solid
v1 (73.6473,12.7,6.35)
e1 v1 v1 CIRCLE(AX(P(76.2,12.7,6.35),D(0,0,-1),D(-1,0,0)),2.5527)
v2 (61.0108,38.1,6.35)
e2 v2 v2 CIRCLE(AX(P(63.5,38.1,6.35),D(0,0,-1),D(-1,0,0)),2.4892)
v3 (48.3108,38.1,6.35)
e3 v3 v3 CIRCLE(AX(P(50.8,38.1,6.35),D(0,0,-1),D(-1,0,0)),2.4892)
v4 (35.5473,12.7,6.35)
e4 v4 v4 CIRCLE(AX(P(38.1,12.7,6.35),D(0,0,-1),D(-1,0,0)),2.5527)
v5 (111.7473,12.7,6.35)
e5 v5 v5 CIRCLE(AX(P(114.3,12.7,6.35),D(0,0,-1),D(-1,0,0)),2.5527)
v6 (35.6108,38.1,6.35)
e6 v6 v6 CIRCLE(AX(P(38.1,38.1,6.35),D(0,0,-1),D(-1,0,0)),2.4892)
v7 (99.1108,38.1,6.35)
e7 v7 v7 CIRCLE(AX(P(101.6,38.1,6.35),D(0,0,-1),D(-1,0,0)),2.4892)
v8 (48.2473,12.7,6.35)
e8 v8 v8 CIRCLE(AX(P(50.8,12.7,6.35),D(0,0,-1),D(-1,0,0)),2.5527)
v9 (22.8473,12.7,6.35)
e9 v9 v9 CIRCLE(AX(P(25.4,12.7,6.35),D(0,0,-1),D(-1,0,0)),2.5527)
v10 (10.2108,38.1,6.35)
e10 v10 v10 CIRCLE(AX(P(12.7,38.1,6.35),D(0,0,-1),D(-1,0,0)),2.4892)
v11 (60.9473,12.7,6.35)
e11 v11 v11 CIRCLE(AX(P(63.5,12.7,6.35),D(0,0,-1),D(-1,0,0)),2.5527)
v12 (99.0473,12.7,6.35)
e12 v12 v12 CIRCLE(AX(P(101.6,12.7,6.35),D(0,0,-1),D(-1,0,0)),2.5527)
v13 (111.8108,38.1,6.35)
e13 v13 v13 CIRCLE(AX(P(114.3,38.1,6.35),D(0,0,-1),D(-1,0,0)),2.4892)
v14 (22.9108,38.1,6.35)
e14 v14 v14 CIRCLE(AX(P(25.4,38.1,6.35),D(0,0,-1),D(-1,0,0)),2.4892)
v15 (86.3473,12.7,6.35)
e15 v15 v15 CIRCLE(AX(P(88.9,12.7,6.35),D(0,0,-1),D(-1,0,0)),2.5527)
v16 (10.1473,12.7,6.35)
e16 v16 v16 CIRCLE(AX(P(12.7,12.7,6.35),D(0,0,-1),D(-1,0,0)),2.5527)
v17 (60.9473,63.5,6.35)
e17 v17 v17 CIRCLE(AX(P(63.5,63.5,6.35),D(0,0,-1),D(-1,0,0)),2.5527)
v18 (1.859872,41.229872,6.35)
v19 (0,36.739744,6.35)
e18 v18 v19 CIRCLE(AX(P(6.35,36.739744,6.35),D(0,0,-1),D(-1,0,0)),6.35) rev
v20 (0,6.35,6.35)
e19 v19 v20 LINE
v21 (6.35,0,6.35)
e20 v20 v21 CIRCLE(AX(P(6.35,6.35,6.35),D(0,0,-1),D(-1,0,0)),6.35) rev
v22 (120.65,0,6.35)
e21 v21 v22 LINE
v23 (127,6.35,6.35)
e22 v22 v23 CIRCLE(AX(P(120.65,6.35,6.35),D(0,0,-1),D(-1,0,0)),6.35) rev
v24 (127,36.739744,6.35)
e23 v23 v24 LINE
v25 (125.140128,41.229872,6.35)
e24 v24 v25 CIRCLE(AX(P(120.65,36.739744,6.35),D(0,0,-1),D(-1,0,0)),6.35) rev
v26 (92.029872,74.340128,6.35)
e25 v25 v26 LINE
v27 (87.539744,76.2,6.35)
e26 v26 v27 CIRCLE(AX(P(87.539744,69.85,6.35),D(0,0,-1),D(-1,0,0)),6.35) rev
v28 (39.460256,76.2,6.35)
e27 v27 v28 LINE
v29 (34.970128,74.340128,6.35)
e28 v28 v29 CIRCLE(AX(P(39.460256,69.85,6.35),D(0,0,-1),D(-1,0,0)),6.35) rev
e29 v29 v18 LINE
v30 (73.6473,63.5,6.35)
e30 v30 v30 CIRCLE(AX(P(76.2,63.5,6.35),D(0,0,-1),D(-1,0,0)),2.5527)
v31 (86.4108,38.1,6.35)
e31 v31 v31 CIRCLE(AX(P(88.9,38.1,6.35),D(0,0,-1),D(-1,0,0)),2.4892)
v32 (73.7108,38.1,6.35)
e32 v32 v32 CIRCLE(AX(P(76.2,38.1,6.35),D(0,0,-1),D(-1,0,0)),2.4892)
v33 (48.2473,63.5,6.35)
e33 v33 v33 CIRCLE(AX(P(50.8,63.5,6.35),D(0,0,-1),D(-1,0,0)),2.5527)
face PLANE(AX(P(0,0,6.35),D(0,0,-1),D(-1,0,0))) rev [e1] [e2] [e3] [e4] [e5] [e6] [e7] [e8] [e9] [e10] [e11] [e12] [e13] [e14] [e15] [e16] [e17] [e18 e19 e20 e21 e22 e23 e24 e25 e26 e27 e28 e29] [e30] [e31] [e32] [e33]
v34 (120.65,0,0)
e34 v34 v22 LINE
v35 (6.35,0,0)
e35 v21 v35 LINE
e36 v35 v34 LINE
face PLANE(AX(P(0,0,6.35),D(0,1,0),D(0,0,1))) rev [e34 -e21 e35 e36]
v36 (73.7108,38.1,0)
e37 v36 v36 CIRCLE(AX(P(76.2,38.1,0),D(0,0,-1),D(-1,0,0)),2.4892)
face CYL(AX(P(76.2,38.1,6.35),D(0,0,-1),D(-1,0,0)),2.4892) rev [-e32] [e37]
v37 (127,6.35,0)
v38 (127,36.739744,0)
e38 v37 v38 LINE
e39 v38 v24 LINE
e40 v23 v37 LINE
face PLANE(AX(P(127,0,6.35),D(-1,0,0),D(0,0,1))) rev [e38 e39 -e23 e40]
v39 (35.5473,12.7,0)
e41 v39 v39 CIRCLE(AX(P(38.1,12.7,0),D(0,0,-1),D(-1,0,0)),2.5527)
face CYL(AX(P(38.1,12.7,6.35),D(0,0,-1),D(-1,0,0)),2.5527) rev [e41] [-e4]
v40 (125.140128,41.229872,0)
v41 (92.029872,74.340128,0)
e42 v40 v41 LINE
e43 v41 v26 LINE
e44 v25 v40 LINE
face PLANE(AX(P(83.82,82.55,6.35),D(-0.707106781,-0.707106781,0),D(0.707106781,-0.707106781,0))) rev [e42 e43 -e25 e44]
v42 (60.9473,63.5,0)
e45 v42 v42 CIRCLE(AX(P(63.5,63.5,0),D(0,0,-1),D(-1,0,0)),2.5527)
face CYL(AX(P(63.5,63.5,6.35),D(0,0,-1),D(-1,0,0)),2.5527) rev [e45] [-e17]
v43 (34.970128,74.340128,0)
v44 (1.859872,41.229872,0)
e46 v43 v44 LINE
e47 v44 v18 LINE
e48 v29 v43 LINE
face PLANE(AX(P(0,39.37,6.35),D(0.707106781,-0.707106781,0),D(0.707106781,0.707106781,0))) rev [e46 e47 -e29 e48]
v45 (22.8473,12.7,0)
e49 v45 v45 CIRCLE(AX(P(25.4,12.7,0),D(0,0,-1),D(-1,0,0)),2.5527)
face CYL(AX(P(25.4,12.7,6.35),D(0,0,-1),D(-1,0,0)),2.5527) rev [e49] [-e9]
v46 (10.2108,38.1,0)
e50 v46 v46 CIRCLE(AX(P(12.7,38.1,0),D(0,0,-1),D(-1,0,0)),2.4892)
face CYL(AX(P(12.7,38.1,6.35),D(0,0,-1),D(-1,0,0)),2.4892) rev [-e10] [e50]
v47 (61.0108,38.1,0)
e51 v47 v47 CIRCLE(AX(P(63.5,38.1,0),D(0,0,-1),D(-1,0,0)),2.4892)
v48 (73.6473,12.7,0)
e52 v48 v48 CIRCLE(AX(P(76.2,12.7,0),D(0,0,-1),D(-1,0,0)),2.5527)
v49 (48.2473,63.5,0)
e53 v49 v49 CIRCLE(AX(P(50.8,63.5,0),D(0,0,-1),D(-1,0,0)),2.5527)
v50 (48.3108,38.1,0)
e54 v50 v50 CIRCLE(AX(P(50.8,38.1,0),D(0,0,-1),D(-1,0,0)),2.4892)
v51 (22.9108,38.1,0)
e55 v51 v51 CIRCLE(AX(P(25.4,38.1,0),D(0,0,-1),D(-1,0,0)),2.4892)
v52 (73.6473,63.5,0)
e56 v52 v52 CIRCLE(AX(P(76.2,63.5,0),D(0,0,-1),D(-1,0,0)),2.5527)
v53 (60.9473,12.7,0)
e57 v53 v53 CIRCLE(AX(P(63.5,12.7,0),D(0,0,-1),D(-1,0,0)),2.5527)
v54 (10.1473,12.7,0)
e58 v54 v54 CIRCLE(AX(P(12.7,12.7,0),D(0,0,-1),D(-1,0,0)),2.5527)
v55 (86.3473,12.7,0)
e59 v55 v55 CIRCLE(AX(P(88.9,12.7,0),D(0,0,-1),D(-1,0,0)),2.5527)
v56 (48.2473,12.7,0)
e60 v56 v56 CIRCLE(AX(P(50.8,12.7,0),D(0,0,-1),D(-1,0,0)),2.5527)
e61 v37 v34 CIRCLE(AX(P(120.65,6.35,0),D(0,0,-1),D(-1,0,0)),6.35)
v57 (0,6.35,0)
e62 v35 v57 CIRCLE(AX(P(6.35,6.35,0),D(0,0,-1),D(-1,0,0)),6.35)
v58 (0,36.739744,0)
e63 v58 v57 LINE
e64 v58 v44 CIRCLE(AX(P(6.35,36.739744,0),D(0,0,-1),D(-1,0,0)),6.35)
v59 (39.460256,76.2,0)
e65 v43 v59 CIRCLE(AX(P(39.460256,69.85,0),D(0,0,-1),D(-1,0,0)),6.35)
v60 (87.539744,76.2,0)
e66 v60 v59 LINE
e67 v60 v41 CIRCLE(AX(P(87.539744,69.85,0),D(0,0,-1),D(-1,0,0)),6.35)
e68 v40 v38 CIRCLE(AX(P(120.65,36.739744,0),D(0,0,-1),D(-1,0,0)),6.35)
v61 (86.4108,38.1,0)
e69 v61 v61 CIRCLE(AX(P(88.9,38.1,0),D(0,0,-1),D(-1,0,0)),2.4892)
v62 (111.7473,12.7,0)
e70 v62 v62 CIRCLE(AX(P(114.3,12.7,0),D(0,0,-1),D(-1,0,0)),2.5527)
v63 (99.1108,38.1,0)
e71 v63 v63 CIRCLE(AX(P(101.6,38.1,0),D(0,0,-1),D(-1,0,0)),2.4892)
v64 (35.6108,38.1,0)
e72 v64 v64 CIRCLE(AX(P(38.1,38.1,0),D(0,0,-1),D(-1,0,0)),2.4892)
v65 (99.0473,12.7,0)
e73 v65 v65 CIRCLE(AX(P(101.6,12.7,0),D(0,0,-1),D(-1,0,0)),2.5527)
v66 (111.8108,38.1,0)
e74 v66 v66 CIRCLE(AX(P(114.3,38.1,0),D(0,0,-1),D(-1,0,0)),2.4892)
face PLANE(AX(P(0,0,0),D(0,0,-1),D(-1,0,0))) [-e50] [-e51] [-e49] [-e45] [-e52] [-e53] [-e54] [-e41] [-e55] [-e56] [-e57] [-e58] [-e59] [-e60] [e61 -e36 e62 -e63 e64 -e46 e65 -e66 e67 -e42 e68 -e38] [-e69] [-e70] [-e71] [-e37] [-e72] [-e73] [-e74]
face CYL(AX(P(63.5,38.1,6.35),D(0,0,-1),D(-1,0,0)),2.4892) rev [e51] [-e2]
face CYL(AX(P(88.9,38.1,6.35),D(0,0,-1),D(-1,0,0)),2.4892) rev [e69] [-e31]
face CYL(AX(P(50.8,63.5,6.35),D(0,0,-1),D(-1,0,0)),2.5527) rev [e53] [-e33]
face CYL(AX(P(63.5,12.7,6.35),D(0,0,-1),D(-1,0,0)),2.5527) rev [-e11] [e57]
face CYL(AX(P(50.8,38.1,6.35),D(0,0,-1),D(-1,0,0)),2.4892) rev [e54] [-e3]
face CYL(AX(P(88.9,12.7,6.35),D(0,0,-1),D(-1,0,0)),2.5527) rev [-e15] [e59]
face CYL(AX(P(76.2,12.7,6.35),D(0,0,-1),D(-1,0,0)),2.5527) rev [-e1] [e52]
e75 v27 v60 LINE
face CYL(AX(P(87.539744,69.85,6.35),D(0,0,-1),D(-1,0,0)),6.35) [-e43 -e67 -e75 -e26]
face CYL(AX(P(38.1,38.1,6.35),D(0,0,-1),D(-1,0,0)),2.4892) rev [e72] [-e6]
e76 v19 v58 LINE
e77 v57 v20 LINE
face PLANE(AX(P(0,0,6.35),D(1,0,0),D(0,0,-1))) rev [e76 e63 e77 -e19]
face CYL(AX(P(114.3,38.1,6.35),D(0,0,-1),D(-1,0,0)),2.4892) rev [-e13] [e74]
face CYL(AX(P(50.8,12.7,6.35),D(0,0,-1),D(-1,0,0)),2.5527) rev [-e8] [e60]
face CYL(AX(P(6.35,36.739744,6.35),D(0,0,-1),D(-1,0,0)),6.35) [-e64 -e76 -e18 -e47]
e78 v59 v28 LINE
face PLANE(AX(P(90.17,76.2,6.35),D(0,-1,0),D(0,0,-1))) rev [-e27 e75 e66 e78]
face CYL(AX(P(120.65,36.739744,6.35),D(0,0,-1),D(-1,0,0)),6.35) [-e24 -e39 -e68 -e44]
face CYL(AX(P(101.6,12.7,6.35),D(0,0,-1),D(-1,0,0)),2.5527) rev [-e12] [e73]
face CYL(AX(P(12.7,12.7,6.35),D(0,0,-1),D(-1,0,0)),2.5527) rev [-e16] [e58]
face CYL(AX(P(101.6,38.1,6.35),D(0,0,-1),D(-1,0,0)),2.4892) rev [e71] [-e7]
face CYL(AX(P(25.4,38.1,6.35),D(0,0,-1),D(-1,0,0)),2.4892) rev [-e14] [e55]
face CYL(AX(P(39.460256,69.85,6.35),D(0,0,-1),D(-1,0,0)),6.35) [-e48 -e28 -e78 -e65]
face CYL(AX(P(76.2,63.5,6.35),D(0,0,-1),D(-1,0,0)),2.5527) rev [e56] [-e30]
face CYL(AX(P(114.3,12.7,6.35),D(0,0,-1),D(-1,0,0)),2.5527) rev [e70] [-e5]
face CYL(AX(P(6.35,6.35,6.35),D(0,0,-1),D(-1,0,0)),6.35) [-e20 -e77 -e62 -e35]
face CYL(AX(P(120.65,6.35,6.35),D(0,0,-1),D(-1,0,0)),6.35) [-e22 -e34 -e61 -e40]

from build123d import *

# Parameters (mm, degrees)
SKETCH1_W               = 127
SKETCH1_H               = 82.55
BOSS_EXTRUDE1_DEPTH     = 6.35
SKETCH2_R               = 2.5527
CUT_EXTRUDE1_DEPTH      = 1
CUT_EXTRUDE1_DEPTH_BACK = 7.35
SKETCH3_R               = 2.4892
SKETCH3_R_2             = 2.5527
CUT_EXTRUDE2_DEPTH      = 7.35
CUT_EXTRUDE3_DEPTH      = 7.35
CUT_EXTRUDE4_DEPTH      = 7.35
FILLET1_R               = 6.35


with BuildPart() as part:
    # Sketch1 → Boss-Extrude1 (new body)
    with BuildSketch(Plane.XY):
        with Locations((63.5, 41.275)):
            Rectangle(SKETCH1_W, SKETCH1_H)
    extrude(amount=BOSS_EXTRUDE1_DEPTH)

    # Sketch2 → Cut-Extrude1 (cut, two sides)
    with BuildSketch(Plane(origin=(0, 0, 0), x_dir=(-1, 0, 0), z_dir=(0, 0, -1))) as cut_extrude1_sk:
        with Locations((-76.2, 63.5)):
            Circle(SKETCH2_R)
        with Locations((-63.5, 63.5)):
            Circle(SKETCH2_R)
        with Locations((-50.8, 63.5)):
            Circle(SKETCH2_R)
    extrude(amount=CUT_EXTRUDE1_DEPTH, mode=Mode.SUBTRACT)
    extrude(cut_extrude1_sk.sketch, amount=-CUT_EXTRUDE1_DEPTH_BACK, mode=Mode.SUBTRACT)

    # Sketch3 → Cut-Extrude2 (cut, through all)
    with BuildSketch(Plane(origin=(0, 0, 0), x_dir=(-1, 0, 0), z_dir=(0, 0, -1))):
        with Locations((-114.3, 38.1)):
            Circle(SKETCH3_R)
        with Locations((-114.3, 12.7)):
            Circle(SKETCH3_R_2)
        with Locations((-101.6, 38.1)):
            Circle(SKETCH3_R)
        with Locations((-101.6, 12.7)):
            Circle(SKETCH3_R_2)
        with Locations((-88.9, 38.1)):
            Circle(SKETCH3_R)
        with Locations((-88.9, 12.7)):
            Circle(SKETCH3_R_2)
        with Locations((-76.2, 38.1)):
            Circle(SKETCH3_R)
        with Locations((-76.2, 12.7)):
            Circle(SKETCH3_R_2)
        with Locations((-63.5, 38.1)):
            Circle(SKETCH3_R)
        with Locations((-63.5, 12.7)):
            Circle(SKETCH3_R_2)
        with Locations((-50.8, 38.1)):
            Circle(SKETCH3_R)
        with Locations((-50.8, 12.7)):
            Circle(SKETCH3_R_2)
        with Locations((-38.1, 38.1)):
            Circle(SKETCH3_R)
        with Locations((-38.1, 12.7)):
            Circle(SKETCH3_R_2)
        with Locations((-25.4, 38.1)):
            Circle(SKETCH3_R)
        with Locations((-25.4, 12.7)):
            Circle(SKETCH3_R_2)
        with Locations((-12.7, 38.1)):
            Circle(SKETCH3_R)
        with Locations((-12.7, 12.7)):
            Circle(SKETCH3_R_2)
    extrude(amount=-CUT_EXTRUDE2_DEPTH, mode=Mode.SUBTRACT)

    # Sketch4 → Cut-Extrude3 (cut, through all)
    with BuildSketch(Plane(origin=(0, 0, 0), x_dir=(-1, 0, 0), z_dir=(0, 0, -1))):
        Polygon((-83.82, 82.55), (-127, 39.37), (-127, 82.55), align=None)
        Polygon((-43.18, 82.55), (0, 82.55), (0, 39.37), align=None)
    extrude(amount=-CUT_EXTRUDE3_DEPTH, mode=Mode.SUBTRACT)

    # Sketch5 → Cut-Extrude4 (cut, through all)
    with BuildSketch(Plane(origin=(0, 0, 0), x_dir=(-1, 0, 0), z_dir=(0, 0, -1))):
        Polygon((-90.17, 76.2), (-36.83, 76.2), (-43.18, 82.55), (-83.82, 82.55), align=None)
    extrude(amount=-CUT_EXTRUDE4_DEPTH, mode=Mode.SUBTRACT)

    # Fillet1
    fillet1_edges = [part.edges().sort_by_distance(p)[0] for p in [
        (127, 39.37, 3.175),
        (0, 39.37, 3.175),
        (90.17, 76.2, 3.175),
        (36.83, 76.2, 3.175),
        (127, 0, 3.175),
        (0, 0, 3.175),
    ]]
    fillet(fillet1_edges, radius=FILLET1_R)


solid = part.part
